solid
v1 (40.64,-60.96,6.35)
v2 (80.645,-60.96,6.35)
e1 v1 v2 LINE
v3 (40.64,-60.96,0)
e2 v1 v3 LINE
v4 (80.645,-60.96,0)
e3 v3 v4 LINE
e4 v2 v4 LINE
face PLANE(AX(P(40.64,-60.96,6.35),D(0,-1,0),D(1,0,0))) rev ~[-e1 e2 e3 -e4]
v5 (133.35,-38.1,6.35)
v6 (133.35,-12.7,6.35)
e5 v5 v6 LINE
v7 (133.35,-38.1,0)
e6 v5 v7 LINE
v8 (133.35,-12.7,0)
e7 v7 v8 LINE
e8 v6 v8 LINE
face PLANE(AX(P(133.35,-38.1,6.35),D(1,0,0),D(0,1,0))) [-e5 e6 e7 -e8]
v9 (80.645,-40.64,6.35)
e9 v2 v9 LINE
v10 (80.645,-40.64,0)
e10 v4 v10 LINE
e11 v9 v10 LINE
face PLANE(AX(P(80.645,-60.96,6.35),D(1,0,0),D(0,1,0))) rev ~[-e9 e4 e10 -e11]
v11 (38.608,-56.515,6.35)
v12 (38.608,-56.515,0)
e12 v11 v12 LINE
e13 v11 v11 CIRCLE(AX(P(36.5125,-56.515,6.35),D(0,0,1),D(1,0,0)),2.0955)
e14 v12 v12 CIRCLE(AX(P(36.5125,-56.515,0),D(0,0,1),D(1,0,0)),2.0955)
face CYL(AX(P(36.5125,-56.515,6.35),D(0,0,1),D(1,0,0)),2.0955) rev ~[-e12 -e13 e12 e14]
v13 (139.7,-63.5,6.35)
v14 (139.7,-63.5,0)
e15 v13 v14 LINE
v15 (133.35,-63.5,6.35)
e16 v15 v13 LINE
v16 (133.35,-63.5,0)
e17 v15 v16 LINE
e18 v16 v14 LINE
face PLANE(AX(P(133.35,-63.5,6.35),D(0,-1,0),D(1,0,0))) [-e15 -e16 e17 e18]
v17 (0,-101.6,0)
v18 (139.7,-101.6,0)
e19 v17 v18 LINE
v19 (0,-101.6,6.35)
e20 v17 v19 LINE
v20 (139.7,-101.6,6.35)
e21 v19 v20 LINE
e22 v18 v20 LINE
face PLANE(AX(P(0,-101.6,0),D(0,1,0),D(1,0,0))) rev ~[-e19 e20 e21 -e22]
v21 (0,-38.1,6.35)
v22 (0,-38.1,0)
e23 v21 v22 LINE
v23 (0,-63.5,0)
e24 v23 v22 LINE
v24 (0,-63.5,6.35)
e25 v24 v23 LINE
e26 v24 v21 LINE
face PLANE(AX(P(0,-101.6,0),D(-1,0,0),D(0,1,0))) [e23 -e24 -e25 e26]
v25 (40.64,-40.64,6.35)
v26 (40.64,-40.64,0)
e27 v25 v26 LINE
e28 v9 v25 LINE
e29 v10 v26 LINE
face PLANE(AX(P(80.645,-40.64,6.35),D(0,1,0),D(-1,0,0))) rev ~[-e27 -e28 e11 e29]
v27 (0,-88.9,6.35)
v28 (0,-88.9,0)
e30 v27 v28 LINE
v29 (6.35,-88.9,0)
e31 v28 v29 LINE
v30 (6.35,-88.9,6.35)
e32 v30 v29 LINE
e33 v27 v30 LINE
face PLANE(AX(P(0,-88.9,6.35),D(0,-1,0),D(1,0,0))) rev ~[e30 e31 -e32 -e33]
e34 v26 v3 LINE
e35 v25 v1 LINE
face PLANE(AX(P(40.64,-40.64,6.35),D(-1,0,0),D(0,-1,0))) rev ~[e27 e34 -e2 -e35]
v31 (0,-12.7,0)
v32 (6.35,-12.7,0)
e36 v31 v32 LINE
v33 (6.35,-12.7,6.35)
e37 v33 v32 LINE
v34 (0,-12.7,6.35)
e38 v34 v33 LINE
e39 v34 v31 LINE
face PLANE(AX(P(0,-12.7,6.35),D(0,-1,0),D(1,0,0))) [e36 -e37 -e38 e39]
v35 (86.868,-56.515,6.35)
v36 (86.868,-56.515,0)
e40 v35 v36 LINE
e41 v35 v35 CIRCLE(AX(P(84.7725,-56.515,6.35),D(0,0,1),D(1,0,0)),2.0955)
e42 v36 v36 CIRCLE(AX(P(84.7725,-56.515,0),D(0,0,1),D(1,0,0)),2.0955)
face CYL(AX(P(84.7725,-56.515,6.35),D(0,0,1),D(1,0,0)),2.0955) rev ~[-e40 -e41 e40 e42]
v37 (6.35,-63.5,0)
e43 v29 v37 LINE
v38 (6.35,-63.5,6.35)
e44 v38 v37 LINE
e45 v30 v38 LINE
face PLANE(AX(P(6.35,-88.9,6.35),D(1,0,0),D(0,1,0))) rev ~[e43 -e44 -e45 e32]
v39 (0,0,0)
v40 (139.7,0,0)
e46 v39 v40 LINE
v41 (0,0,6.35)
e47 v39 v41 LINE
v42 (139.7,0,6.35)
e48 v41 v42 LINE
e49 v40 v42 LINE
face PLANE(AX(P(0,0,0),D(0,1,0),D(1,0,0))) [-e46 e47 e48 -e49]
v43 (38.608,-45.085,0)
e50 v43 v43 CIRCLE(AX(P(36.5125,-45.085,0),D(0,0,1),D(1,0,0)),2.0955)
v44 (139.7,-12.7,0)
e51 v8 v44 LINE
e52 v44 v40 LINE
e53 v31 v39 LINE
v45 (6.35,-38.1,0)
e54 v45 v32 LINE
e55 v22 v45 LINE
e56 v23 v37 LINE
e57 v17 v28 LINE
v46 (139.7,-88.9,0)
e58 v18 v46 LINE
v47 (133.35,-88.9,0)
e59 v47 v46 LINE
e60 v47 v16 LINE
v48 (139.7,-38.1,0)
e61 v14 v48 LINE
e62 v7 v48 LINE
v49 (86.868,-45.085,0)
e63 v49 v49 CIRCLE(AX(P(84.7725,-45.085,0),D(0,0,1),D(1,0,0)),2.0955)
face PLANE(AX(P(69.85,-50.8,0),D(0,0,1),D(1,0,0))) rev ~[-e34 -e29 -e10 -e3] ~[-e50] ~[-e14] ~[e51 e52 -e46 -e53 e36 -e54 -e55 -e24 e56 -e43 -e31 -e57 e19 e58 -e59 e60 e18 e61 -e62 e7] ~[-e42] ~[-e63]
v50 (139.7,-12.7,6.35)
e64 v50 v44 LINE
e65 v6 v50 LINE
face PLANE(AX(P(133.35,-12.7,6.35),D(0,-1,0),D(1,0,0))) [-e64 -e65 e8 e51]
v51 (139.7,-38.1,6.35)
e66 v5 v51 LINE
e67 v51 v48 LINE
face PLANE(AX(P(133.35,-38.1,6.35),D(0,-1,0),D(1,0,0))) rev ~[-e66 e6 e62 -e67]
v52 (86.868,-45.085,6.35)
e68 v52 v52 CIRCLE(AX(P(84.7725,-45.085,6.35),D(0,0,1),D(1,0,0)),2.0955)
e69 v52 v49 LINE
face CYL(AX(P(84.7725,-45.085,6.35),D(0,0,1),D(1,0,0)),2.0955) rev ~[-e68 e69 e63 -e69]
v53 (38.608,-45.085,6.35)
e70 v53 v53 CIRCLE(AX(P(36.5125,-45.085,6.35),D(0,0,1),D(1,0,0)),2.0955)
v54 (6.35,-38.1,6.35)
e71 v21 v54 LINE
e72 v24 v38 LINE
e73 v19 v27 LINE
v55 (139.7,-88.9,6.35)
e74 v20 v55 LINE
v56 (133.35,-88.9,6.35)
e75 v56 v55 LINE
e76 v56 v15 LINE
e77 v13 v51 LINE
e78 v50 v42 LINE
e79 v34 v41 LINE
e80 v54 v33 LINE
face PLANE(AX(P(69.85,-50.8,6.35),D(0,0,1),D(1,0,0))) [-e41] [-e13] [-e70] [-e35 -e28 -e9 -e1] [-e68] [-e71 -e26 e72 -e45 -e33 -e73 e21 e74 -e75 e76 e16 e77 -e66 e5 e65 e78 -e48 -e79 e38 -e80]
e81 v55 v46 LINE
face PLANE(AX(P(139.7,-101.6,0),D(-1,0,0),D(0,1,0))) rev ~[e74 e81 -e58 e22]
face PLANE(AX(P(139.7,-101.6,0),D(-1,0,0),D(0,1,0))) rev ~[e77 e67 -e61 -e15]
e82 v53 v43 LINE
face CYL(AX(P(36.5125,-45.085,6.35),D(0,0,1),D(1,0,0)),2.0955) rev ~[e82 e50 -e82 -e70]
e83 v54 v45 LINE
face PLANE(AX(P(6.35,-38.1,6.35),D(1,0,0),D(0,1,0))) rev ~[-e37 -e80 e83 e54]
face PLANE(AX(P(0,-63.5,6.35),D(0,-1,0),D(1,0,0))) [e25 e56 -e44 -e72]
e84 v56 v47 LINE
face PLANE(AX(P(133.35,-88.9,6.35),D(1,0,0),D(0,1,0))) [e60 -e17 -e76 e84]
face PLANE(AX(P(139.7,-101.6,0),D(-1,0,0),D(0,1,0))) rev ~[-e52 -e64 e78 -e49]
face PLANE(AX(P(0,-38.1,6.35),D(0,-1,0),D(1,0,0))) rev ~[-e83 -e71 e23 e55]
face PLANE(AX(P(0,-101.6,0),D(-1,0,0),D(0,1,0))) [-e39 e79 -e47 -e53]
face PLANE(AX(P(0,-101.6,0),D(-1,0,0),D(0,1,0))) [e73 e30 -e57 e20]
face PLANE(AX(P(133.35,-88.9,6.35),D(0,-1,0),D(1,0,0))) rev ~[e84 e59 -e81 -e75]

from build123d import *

# Parameters (mm, degrees)
F0_W     = 139.7
F0_H     = 101.6
F1_DEPTH = 6.35
F2_W     = 29.21
F2_H     = 10.16
F2_W_2   = 10.795
F3_DEPTH = 25.4
F5_R     = 2.0955
F6_DEPTH = 25.4
F7_W     = 6.35
F7_H     = 25.4
F8_DEPTH = 25.4


with BuildPart() as f1:
    # F0 (on Top) → F1 (new body)
    with BuildSketch(Plane.XY):
        with Locations((69.85, -50.8)):
            Rectangle(F0_W, F0_H)
    extrude(amount=F1_DEPTH)

    # F2 (on face) → F3 (cut)
    with BuildSketch(Plane.XY.offset(6.35)):
        with Locations((55.245, -45.72)):
            Rectangle(F2_W, F2_H)
        with Locations((75.2475, -45.72)):
            Rectangle(F2_W_2, F2_H)
        with Locations((55.245, -55.88)):
            Rectangle(F2_W, F2_H)
        with Locations((75.2475, -55.88)):
            Rectangle(F2_W_2, F2_H)
    extrude(amount=-F3_DEPTH, mode=Mode.SUBTRACT)

    # F5 (on face) → F6 (cut)
    with BuildSketch(Plane.XY.offset(6.35)):
        with Locations((84.7725, -45.085)):
            Circle(F5_R)
        with Locations((84.7725, -56.515)):
            Circle(F5_R)
        with Locations((36.5125, -45.085)):
            Circle(F5_R)
        with Locations((36.5125, -56.515)):
            Circle(F5_R)
    extrude(amount=-F6_DEPTH, mode=Mode.SUBTRACT)

    # F7 (on face) → F8 (cut)
    with BuildSketch(Plane.XY.offset(6.35)):
        with Locations((3.175, -25.4)):
            Rectangle(F7_W, F7_H)
        with Locations((3.175, -76.2)):
            Rectangle(F7_W, F7_H)
        with Locations((136.525, -25.4)):
            Rectangle(F7_W, F7_H)
        with Locations((136.525, -76.2)):
            Rectangle(F7_W, F7_H)
    extrude(amount=-F8_DEPTH, mode=Mode.SUBTRACT)


solid = f1.part
